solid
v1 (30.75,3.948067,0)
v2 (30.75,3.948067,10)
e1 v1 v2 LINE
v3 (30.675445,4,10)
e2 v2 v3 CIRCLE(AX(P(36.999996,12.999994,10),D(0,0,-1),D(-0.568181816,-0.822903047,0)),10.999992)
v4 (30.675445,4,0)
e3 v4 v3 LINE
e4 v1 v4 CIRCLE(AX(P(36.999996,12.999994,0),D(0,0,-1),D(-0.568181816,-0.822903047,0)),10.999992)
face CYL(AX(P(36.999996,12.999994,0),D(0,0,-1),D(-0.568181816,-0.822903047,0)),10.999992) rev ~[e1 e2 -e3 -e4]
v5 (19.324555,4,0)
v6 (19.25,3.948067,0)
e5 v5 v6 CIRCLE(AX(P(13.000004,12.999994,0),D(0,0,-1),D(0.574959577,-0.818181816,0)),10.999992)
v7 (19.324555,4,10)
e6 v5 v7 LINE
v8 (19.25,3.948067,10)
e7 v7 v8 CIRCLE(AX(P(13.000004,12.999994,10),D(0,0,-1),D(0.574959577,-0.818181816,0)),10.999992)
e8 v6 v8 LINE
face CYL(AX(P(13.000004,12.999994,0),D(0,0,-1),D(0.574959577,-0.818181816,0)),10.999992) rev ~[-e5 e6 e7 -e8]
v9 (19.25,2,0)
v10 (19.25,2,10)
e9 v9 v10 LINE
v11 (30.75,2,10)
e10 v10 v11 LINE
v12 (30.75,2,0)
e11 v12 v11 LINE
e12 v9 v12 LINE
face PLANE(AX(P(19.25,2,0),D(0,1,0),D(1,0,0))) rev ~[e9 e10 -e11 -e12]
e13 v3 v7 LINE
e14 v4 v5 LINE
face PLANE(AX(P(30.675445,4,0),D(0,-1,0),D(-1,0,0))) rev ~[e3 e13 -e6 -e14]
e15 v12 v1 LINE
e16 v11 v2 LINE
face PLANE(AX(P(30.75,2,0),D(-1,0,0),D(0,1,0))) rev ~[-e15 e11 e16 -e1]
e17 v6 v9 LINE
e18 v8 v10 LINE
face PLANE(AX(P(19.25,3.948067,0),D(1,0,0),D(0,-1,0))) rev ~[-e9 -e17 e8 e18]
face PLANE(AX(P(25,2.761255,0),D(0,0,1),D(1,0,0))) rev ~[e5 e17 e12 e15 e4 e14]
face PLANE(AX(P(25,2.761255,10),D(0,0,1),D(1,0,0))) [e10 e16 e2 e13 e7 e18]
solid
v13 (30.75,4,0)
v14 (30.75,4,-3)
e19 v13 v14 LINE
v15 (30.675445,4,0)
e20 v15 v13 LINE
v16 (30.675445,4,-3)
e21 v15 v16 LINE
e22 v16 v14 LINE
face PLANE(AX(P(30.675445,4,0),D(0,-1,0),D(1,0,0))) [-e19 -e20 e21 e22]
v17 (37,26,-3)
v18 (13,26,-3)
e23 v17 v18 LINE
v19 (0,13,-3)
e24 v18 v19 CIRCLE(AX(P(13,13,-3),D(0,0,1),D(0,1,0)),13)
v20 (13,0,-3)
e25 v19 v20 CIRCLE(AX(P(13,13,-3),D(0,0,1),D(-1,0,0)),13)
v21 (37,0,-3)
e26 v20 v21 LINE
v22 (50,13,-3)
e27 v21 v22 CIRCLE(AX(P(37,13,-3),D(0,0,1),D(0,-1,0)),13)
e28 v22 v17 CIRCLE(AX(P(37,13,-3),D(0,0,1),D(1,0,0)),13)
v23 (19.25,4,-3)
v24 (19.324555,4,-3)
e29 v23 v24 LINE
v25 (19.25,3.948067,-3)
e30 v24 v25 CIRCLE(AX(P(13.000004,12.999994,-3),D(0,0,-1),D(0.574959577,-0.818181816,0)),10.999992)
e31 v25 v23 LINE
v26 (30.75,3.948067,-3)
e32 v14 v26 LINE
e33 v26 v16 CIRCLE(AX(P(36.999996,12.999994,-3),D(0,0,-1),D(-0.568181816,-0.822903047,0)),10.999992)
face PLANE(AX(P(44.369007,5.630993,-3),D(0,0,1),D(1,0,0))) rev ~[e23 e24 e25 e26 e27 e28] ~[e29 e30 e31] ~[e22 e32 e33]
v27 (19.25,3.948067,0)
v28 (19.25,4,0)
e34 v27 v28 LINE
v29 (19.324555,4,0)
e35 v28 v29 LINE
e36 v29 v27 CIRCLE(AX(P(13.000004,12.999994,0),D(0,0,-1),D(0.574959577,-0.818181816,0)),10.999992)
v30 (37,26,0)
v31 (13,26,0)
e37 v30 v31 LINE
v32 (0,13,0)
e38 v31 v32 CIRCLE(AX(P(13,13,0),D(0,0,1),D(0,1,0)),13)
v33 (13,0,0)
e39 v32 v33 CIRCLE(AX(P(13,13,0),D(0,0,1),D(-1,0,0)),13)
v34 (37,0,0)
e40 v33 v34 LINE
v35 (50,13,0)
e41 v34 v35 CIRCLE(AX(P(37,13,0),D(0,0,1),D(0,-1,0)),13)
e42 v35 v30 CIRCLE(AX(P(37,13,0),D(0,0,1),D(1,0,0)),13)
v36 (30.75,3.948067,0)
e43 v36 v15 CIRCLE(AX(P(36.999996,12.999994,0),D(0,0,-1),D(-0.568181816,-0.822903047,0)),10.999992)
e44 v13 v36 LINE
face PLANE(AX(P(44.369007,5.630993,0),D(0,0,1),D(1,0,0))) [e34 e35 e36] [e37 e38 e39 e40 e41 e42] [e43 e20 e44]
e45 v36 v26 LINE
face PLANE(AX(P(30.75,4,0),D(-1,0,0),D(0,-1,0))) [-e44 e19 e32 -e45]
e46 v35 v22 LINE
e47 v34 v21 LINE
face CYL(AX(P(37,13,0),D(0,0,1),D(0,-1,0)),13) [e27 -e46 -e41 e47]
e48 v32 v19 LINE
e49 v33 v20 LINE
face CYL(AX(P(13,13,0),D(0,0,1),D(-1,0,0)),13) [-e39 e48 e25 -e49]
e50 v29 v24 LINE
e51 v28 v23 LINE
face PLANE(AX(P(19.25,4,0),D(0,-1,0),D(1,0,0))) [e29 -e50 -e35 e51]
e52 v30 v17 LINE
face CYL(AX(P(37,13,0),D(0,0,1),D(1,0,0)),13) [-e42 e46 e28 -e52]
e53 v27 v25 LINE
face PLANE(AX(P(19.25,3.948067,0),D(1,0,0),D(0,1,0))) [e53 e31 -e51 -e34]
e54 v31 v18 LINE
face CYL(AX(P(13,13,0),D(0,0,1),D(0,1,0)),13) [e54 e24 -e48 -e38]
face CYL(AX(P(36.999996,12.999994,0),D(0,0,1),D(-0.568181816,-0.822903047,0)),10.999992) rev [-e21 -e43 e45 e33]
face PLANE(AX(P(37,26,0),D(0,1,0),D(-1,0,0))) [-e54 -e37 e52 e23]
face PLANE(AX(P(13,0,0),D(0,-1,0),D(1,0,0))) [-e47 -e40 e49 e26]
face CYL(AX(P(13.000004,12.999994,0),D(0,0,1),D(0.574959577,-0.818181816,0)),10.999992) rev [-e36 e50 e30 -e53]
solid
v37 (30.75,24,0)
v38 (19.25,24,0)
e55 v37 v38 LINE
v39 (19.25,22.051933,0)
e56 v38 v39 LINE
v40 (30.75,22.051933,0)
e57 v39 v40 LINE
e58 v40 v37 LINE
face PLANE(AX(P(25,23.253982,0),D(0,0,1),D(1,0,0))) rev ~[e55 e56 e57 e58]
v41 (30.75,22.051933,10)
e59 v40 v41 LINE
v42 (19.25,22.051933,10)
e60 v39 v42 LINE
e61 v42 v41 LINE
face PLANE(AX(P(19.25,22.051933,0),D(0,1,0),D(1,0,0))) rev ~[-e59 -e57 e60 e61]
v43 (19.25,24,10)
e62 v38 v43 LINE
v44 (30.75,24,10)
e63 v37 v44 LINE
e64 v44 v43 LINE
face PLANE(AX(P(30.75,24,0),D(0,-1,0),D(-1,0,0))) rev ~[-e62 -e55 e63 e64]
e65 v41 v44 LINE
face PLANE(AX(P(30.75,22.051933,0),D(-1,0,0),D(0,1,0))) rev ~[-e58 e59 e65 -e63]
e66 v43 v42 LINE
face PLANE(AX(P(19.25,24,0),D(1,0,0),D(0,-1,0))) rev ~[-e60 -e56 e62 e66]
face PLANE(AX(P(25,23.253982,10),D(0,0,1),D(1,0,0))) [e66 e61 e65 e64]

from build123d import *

# Parameters (mm, degrees)
F1_DEPTH = 10
F2_DEPTH = 3


with BuildPart() as f1:
    # F0 (on Top) → F1 (new body)
    with BuildSketch(Plane.XY):
        with BuildLine():
            Line((30.0717967697, 24), (19.9282032303, 24))
            ThreePointArc((19.9282032303, 24), (21.18761006, 23.0976750545), (22.3307288033, 22.0519334951))
            Line((22.3307288033, 22.0519334951), (27.6692711967, 22.0519334951))
            ThreePointArc((27.6692711967, 22.0519334951), (28.81238994, 23.0976750545), (30.0717967697, 24))
        make_face()
        with BuildLine():
            ThreePointArc((22.3307288033, 22.0519334951), (21.18761006, 23.0976750545), (19.9282032303, 24))
            Line((19.9282032303, 24), (19.25, 24))
            Line((19.25, 24), (19.25, 22.0519334951))
            Line((19.25, 22.0519334951), (22.3307288033, 22.0519334951))
        make_face()
        with BuildLine():
            Line((30.75, 24), (30.0717967697, 24))
            ThreePointArc((30.0717967697, 24), (28.81238994, 23.0976750545), (27.6692711967, 22.0519334951))
            Line((27.6692711967, 22.0519334951), (30.75, 22.0519334951))
            Line((30.75, 22.0519334951), (30.75, 24))
        make_face()
    extrude(amount=F1_DEPTH)


with BuildPart() as f1b:
    # F0 (on Top) → F1, piece 2 (new body)
    with BuildSketch(Plane.XY):
        with BuildLine():
            ThreePointArc((22.3808315196, 4), (21.2156042759, 2.9250882693), (19.9282032303, 2))
            Line((19.9282032303, 2), (30.0717967697, 2))
            ThreePointArc((30.0717967697, 2), (28.7843957241, 2.9250882693), (27.6191684804, 4))
            Line((27.6191684804, 4), (22.3808315196, 4))
        make_face()
        with BuildLine():
            Line((19.25, 2), (19.9282032303, 2))
            ThreePointArc((19.9282032303, 2), (21.2156042759, 2.9250882693), (22.3808315196, 4))
            Line((22.3808315196, 4), (19.3245553203, 4))
            ThreePointArc((19.3245553203, 4), (19.2873312819, 3.9739562735), (19.25, 3.9480665049))
            Line((19.25, 3.9480665049), (19.25, 2))
        make_face()
        with BuildLine():
            ThreePointArc((27.6191684804, 4), (28.7843957241, 2.9250882693), (30.0717967697, 2))
            Line((30.0717967697, 2), (30.75, 2))
            Line((30.75, 2), (30.75, 3.9480665049))
            ThreePointArc((30.75, 3.9480665049), (30.7126687181, 3.9739562735), (30.6754446797, 4))
            Line((30.6754446797, 4), (27.6191684804, 4))
        make_face()
    extrude(amount=F1_DEPTH)


with BuildPart() as f2:
    # F0 (on Top) → F2 (new body)
    with BuildSketch(Plane.XY):
        with BuildLine():
            ThreePointArc((37, 0), (46.1923881554, 3.8076118446), (50, 13))
            Line((50, 13), (48, 13))
            ThreePointArc((48, 13), (44.7781745931, 5.2218254069), (37, 2))
            Line((37, 2), (37, 0))
        make_face()
        with BuildLine():
            ThreePointArc((50, 13), (46.1923881554, 22.1923881554), (37, 26))
            ThreePointArc((37, 26), (33.3944487245, 25.4899959968), (30.0717967697, 24))
            Line((30.0717967697, 24), (30.75, 24))
            Line((30.75, 24), (37, 24))
            ThreePointArc((37, 24), (44.7781745931, 20.7781745931), (48, 13))
            Line((48, 13), (50, 13))
        make_face()
        with BuildLine():
            Line((37, 13), (48, 13))
            ThreePointArc((48, 13), (44.7781745931, 20.7781745931), (37, 24))
            ThreePointArc((37, 24), (33.7267194167, 23.5016967307), (30.75, 22.0519334951))
            ThreePointArc((30.75, 22.0519334951), (27.2596201306, 18.1112620751), (26, 13))
            ThreePointArc((26, 13), (27.238593633, 7.9290093928), (30.6754446797, 4))
            Line((30.6754446797, 4), (30.75, 4))
            Line((30.75, 4), (30.75, 3.9480665049))
            ThreePointArc((30.75, 3.9480665049), (33.7267194167, 2.4983032693), (37, 2))
            Line((37, 2), (37, 13))
        make_face()
        with BuildLine():
            Line((37, 24), (30.75, 24))
            Line((30.75, 24), (30.75, 22.0519334951))
            ThreePointArc((30.75, 22.0519334951), (33.7267194167, 23.5016967307), (37, 24))
        make_face()
        with BuildLine():
            Line((30.75, 24), (30.0717967697, 24))
            ThreePointArc((30.0717967697, 24), (28.81238994, 23.0976750545), (27.6692711967, 22.0519334951))
            Line((27.6692711967, 22.0519334951), (30.75, 22.0519334951))
            Line((30.75, 22.0519334951), (30.75, 24))
        make_face()
        with BuildLine():
            ThreePointArc((26, 13), (25.747548784, 15.5495097568), (25, 18))
            ThreePointArc((25, 18), (24.252451216, 15.5495097568), (24, 13))
            ThreePointArc((24, 13), (24.252451216, 10.4504902432), (25, 8))
            ThreePointArc((25, 8), (25.747548784, 10.4504902432), (26, 13))
        make_face()
        with BuildLine():
            ThreePointArc((30.6754446797, 4), (27.238593633, 7.9290093928), (26, 13))
            ThreePointArc((26, 13), (25.747548784, 10.4504902432), (25, 8))
            ThreePointArc((25, 8), (26.1241097322, 5.8785527537), (27.6191684804, 4))
            Line((27.6191684804, 4), (30.6754446797, 4))
        make_face()
        with BuildLine():
            ThreePointArc((27.6191684804, 4), (28.7843957241, 2.9250882693), (30.0717967697, 2))
            Line((30.0717967697, 2), (30.75, 2))
            Line((30.75, 2), (30.75, 3.9480665049))
            ThreePointArc((30.75, 3.9480665049), (30.7126687181, 3.9739562735), (30.6754446797, 4))
            Line((30.6754446797, 4), (27.6191684804, 4))
        make_face()
        with BuildLine():
            Line((30.75, 2), (37, 2))
            ThreePointArc((37, 2), (33.7267194167, 2.4983032693), (30.75, 3.9480665049))
            Line((30.75, 3.9480665049), (30.75, 2))
        make_face()
        with BuildLine():
            ThreePointArc((30.0717967697, 2), (33.3944487245, 0.5100040032), (37, 0))
            Line((37, 0), (37, 2))
            Line((37, 2), (30.75, 2))
            Line((30.75, 2), (30.0717967697, 2))
        make_face()
        with BuildLine():
            Line((30.75, 22.0519334951), (27.6692711967, 22.0519334951))
            ThreePointArc((27.6692711967, 22.0519334951), (26.1439169549, 20.1516054784), (25, 18))
            ThreePointArc((25, 18), (25.747548784, 15.5495097568), (26, 13))
            ThreePointArc((26, 13), (27.2596201306, 18.1112620751), (30.75, 22.0519334951))
        make_face()
        with BuildLine():
            Line((27.6692711967, 22.0519334951), (22.3307288033, 22.0519334951))
            ThreePointArc((22.3307288033, 22.0519334951), (23.8560830451, 20.1516054784), (25, 18))
            ThreePointArc((25, 18), (26.1439169549, 20.1516054784), (27.6692711967, 22.0519334951))
        make_face()
        with BuildLine():
            Line((30.0717967697, 24), (19.9282032303, 24))
            ThreePointArc((19.9282032303, 24), (21.18761006, 23.0976750545), (22.3307288033, 22.0519334951))
            Line((22.3307288033, 22.0519334951), (27.6692711967, 22.0519334951))
            ThreePointArc((27.6692711967, 22.0519334951), (28.81238994, 23.0976750545), (30.0717967697, 24))
        make_face()
        with BuildLine():
            ThreePointArc((22.3307288033, 22.0519334951), (21.18761006, 23.0976750545), (19.9282032303, 24))
            Line((19.9282032303, 24), (19.25, 24))
            Line((19.25, 24), (19.25, 22.0519334951))
            Line((19.25, 22.0519334951), (22.3307288033, 22.0519334951))
        make_face()
        with BuildLine():
            ThreePointArc((25, 18), (23.8560830451, 20.1516054784), (22.3307288033, 22.0519334951))
            Line((22.3307288033, 22.0519334951), (19.25, 22.0519334951))
            ThreePointArc((19.25, 22.0519334951), (22.7403798694, 18.1112620751), (24, 13))
            ThreePointArc((24, 13), (24.252451216, 15.5495097568), (25, 18))
        make_face()
        with BuildLine():
            ThreePointArc((13, 24), (5.2218254069, 20.7781745931), (2, 13))
            Line((2, 13), (13, 13))
            Line((13, 13), (13, 2))
            ThreePointArc((13, 2), (16.2732805833, 2.4983032693), (19.25, 3.9480665049))
            Line((19.25, 3.9480665049), (19.25, 4))
            Line((19.25, 4), (19.3245553203, 4))
            ThreePointArc((19.3245553203, 4), (22.761406367, 7.9290093928), (24, 13))
            ThreePointArc((24, 13), (22.7403798694, 18.1112620751), (19.25, 22.0519334951))
            ThreePointArc((19.25, 22.0519334951), (16.2732805833, 23.5016967307), (13, 24))
        make_face()
        with BuildLine():
            Line((19.3245553203, 4), (22.3808315196, 4))
            ThreePointArc((22.3808315196, 4), (23.8758902678, 5.8785527537), (25, 8))
            ThreePointArc((25, 8), (24.252451216, 10.4504902432), (24, 13))
            ThreePointArc((24, 13), (22.761406367, 7.9290093928), (19.3245553203, 4))
        make_face()
        with BuildLine():
            ThreePointArc((19.25, 3.9480665049), (16.2732805833, 2.4983032693), (13, 2))
            Line((13, 2), (19.25, 2))
            Line((19.25, 2), (19.25, 3.9480665049))
        make_face()
        with BuildLine():
            Line((19.25, 2), (19.9282032303, 2))
            ThreePointArc((19.9282032303, 2), (21.2156042759, 2.9250882693), (22.3808315196, 4))
            Line((22.3808315196, 4), (19.3245553203, 4))
            ThreePointArc((19.3245553203, 4), (19.2873312819, 3.9739562735), (19.25, 3.9480665049))
            Line((19.25, 3.9480665049), (19.25, 2))
        make_face()
        with BuildLine():
            ThreePointArc((22.3808315196, 4), (21.2156042759, 2.9250882693), (19.9282032303, 2))
            Line((19.9282032303, 2), (30.0717967697, 2))
            ThreePointArc((30.0717967697, 2), (28.7843957241, 2.9250882693), (27.6191684804, 4))
            Line((27.6191684804, 4), (22.3808315196, 4))
        make_face()
        with BuildLine():
            ThreePointArc((25, 8), (23.8758902678, 5.8785527537), (22.3808315196, 4))
            Line((22.3808315196, 4), (27.6191684804, 4))
            ThreePointArc((27.6191684804, 4), (26.1241097322, 5.8785527537), (25, 8))
        make_face()
        with BuildLine():
            Line((19.25, 22.0519334951), (19.25, 24))
            Line((19.25, 24), (13, 24))
            ThreePointArc((13, 24), (16.2732805833, 23.5016967307), (19.25, 22.0519334951))
        make_face()
        with BuildLine():
            ThreePointArc((19.9282032303, 24), (16.6055512755, 25.4899959968), (13, 26))
            ThreePointArc((13, 26), (3.8076118446, 22.1923881554), (0, 13))
            Line((0, 13), (2, 13))
            ThreePointArc((2, 13), (5.2218254069, 20.7781745931), (13, 24))
            Line((13, 24), (19.25, 24))
            Line((19.25, 24), (19.9282032303, 24))
        make_face()
        with BuildLine():
            Line((13, 13), (2, 13))
            ThreePointArc((2, 13), (5.2218254069, 5.2218254069), (13, 2))
            Line((13, 2), (13, 13))
        make_face()
        with BuildLine():
            Line((2, 13), (0, 13))
            ThreePointArc((0, 13), (3.8076118446, 3.8076118446), (13, 0))
            Line((13, 0), (13, 2))
            ThreePointArc((13, 2), (5.2218254069, 5.2218254069), (2, 13))
        make_face()
        with BuildLine():
            Line((13, 2), (13, 0))
            ThreePointArc((13, 0), (16.6055512755, 0.5100040032), (19.9282032303, 2))
            Line((19.9282032303, 2), (19.25, 2))
            Line((19.25, 2), (13, 2))
        make_face()
        with BuildLine():
            ThreePointArc((19.9282032303, 2), (16.6055512755, 0.5100040032), (13, 0))
            Line((13, 0), (19.25, 0))
            Line((19.25, 0), (30.75, 0))
            Line((30.75, 0), (37, 0))
            ThreePointArc((37, 0), (33.3944487245, 0.5100040032), (30.0717967697, 2))
            Line((30.0717967697, 2), (19.9282032303, 2))
        make_face()
        with BuildLine():
            Line((37, 26), (13, 26))
            ThreePointArc((13, 26), (16.6055512755, 25.4899959968), (19.9282032303, 24))
            Line((19.9282032303, 24), (30.0717967697, 24))
            ThreePointArc((30.0717967697, 24), (33.3944487245, 25.4899959968), (37, 26))
        make_face()
        with BuildLine():
            ThreePointArc((37, 2), (44.7781745931, 5.2218254069), (48, 13))
            Line((48, 13), (37, 13))
            Line((37, 13), (37, 2))
        make_face()
    extrude(amount=-F2_DEPTH)


solid = Compound([f1.part, f1b.part, f2.part])
